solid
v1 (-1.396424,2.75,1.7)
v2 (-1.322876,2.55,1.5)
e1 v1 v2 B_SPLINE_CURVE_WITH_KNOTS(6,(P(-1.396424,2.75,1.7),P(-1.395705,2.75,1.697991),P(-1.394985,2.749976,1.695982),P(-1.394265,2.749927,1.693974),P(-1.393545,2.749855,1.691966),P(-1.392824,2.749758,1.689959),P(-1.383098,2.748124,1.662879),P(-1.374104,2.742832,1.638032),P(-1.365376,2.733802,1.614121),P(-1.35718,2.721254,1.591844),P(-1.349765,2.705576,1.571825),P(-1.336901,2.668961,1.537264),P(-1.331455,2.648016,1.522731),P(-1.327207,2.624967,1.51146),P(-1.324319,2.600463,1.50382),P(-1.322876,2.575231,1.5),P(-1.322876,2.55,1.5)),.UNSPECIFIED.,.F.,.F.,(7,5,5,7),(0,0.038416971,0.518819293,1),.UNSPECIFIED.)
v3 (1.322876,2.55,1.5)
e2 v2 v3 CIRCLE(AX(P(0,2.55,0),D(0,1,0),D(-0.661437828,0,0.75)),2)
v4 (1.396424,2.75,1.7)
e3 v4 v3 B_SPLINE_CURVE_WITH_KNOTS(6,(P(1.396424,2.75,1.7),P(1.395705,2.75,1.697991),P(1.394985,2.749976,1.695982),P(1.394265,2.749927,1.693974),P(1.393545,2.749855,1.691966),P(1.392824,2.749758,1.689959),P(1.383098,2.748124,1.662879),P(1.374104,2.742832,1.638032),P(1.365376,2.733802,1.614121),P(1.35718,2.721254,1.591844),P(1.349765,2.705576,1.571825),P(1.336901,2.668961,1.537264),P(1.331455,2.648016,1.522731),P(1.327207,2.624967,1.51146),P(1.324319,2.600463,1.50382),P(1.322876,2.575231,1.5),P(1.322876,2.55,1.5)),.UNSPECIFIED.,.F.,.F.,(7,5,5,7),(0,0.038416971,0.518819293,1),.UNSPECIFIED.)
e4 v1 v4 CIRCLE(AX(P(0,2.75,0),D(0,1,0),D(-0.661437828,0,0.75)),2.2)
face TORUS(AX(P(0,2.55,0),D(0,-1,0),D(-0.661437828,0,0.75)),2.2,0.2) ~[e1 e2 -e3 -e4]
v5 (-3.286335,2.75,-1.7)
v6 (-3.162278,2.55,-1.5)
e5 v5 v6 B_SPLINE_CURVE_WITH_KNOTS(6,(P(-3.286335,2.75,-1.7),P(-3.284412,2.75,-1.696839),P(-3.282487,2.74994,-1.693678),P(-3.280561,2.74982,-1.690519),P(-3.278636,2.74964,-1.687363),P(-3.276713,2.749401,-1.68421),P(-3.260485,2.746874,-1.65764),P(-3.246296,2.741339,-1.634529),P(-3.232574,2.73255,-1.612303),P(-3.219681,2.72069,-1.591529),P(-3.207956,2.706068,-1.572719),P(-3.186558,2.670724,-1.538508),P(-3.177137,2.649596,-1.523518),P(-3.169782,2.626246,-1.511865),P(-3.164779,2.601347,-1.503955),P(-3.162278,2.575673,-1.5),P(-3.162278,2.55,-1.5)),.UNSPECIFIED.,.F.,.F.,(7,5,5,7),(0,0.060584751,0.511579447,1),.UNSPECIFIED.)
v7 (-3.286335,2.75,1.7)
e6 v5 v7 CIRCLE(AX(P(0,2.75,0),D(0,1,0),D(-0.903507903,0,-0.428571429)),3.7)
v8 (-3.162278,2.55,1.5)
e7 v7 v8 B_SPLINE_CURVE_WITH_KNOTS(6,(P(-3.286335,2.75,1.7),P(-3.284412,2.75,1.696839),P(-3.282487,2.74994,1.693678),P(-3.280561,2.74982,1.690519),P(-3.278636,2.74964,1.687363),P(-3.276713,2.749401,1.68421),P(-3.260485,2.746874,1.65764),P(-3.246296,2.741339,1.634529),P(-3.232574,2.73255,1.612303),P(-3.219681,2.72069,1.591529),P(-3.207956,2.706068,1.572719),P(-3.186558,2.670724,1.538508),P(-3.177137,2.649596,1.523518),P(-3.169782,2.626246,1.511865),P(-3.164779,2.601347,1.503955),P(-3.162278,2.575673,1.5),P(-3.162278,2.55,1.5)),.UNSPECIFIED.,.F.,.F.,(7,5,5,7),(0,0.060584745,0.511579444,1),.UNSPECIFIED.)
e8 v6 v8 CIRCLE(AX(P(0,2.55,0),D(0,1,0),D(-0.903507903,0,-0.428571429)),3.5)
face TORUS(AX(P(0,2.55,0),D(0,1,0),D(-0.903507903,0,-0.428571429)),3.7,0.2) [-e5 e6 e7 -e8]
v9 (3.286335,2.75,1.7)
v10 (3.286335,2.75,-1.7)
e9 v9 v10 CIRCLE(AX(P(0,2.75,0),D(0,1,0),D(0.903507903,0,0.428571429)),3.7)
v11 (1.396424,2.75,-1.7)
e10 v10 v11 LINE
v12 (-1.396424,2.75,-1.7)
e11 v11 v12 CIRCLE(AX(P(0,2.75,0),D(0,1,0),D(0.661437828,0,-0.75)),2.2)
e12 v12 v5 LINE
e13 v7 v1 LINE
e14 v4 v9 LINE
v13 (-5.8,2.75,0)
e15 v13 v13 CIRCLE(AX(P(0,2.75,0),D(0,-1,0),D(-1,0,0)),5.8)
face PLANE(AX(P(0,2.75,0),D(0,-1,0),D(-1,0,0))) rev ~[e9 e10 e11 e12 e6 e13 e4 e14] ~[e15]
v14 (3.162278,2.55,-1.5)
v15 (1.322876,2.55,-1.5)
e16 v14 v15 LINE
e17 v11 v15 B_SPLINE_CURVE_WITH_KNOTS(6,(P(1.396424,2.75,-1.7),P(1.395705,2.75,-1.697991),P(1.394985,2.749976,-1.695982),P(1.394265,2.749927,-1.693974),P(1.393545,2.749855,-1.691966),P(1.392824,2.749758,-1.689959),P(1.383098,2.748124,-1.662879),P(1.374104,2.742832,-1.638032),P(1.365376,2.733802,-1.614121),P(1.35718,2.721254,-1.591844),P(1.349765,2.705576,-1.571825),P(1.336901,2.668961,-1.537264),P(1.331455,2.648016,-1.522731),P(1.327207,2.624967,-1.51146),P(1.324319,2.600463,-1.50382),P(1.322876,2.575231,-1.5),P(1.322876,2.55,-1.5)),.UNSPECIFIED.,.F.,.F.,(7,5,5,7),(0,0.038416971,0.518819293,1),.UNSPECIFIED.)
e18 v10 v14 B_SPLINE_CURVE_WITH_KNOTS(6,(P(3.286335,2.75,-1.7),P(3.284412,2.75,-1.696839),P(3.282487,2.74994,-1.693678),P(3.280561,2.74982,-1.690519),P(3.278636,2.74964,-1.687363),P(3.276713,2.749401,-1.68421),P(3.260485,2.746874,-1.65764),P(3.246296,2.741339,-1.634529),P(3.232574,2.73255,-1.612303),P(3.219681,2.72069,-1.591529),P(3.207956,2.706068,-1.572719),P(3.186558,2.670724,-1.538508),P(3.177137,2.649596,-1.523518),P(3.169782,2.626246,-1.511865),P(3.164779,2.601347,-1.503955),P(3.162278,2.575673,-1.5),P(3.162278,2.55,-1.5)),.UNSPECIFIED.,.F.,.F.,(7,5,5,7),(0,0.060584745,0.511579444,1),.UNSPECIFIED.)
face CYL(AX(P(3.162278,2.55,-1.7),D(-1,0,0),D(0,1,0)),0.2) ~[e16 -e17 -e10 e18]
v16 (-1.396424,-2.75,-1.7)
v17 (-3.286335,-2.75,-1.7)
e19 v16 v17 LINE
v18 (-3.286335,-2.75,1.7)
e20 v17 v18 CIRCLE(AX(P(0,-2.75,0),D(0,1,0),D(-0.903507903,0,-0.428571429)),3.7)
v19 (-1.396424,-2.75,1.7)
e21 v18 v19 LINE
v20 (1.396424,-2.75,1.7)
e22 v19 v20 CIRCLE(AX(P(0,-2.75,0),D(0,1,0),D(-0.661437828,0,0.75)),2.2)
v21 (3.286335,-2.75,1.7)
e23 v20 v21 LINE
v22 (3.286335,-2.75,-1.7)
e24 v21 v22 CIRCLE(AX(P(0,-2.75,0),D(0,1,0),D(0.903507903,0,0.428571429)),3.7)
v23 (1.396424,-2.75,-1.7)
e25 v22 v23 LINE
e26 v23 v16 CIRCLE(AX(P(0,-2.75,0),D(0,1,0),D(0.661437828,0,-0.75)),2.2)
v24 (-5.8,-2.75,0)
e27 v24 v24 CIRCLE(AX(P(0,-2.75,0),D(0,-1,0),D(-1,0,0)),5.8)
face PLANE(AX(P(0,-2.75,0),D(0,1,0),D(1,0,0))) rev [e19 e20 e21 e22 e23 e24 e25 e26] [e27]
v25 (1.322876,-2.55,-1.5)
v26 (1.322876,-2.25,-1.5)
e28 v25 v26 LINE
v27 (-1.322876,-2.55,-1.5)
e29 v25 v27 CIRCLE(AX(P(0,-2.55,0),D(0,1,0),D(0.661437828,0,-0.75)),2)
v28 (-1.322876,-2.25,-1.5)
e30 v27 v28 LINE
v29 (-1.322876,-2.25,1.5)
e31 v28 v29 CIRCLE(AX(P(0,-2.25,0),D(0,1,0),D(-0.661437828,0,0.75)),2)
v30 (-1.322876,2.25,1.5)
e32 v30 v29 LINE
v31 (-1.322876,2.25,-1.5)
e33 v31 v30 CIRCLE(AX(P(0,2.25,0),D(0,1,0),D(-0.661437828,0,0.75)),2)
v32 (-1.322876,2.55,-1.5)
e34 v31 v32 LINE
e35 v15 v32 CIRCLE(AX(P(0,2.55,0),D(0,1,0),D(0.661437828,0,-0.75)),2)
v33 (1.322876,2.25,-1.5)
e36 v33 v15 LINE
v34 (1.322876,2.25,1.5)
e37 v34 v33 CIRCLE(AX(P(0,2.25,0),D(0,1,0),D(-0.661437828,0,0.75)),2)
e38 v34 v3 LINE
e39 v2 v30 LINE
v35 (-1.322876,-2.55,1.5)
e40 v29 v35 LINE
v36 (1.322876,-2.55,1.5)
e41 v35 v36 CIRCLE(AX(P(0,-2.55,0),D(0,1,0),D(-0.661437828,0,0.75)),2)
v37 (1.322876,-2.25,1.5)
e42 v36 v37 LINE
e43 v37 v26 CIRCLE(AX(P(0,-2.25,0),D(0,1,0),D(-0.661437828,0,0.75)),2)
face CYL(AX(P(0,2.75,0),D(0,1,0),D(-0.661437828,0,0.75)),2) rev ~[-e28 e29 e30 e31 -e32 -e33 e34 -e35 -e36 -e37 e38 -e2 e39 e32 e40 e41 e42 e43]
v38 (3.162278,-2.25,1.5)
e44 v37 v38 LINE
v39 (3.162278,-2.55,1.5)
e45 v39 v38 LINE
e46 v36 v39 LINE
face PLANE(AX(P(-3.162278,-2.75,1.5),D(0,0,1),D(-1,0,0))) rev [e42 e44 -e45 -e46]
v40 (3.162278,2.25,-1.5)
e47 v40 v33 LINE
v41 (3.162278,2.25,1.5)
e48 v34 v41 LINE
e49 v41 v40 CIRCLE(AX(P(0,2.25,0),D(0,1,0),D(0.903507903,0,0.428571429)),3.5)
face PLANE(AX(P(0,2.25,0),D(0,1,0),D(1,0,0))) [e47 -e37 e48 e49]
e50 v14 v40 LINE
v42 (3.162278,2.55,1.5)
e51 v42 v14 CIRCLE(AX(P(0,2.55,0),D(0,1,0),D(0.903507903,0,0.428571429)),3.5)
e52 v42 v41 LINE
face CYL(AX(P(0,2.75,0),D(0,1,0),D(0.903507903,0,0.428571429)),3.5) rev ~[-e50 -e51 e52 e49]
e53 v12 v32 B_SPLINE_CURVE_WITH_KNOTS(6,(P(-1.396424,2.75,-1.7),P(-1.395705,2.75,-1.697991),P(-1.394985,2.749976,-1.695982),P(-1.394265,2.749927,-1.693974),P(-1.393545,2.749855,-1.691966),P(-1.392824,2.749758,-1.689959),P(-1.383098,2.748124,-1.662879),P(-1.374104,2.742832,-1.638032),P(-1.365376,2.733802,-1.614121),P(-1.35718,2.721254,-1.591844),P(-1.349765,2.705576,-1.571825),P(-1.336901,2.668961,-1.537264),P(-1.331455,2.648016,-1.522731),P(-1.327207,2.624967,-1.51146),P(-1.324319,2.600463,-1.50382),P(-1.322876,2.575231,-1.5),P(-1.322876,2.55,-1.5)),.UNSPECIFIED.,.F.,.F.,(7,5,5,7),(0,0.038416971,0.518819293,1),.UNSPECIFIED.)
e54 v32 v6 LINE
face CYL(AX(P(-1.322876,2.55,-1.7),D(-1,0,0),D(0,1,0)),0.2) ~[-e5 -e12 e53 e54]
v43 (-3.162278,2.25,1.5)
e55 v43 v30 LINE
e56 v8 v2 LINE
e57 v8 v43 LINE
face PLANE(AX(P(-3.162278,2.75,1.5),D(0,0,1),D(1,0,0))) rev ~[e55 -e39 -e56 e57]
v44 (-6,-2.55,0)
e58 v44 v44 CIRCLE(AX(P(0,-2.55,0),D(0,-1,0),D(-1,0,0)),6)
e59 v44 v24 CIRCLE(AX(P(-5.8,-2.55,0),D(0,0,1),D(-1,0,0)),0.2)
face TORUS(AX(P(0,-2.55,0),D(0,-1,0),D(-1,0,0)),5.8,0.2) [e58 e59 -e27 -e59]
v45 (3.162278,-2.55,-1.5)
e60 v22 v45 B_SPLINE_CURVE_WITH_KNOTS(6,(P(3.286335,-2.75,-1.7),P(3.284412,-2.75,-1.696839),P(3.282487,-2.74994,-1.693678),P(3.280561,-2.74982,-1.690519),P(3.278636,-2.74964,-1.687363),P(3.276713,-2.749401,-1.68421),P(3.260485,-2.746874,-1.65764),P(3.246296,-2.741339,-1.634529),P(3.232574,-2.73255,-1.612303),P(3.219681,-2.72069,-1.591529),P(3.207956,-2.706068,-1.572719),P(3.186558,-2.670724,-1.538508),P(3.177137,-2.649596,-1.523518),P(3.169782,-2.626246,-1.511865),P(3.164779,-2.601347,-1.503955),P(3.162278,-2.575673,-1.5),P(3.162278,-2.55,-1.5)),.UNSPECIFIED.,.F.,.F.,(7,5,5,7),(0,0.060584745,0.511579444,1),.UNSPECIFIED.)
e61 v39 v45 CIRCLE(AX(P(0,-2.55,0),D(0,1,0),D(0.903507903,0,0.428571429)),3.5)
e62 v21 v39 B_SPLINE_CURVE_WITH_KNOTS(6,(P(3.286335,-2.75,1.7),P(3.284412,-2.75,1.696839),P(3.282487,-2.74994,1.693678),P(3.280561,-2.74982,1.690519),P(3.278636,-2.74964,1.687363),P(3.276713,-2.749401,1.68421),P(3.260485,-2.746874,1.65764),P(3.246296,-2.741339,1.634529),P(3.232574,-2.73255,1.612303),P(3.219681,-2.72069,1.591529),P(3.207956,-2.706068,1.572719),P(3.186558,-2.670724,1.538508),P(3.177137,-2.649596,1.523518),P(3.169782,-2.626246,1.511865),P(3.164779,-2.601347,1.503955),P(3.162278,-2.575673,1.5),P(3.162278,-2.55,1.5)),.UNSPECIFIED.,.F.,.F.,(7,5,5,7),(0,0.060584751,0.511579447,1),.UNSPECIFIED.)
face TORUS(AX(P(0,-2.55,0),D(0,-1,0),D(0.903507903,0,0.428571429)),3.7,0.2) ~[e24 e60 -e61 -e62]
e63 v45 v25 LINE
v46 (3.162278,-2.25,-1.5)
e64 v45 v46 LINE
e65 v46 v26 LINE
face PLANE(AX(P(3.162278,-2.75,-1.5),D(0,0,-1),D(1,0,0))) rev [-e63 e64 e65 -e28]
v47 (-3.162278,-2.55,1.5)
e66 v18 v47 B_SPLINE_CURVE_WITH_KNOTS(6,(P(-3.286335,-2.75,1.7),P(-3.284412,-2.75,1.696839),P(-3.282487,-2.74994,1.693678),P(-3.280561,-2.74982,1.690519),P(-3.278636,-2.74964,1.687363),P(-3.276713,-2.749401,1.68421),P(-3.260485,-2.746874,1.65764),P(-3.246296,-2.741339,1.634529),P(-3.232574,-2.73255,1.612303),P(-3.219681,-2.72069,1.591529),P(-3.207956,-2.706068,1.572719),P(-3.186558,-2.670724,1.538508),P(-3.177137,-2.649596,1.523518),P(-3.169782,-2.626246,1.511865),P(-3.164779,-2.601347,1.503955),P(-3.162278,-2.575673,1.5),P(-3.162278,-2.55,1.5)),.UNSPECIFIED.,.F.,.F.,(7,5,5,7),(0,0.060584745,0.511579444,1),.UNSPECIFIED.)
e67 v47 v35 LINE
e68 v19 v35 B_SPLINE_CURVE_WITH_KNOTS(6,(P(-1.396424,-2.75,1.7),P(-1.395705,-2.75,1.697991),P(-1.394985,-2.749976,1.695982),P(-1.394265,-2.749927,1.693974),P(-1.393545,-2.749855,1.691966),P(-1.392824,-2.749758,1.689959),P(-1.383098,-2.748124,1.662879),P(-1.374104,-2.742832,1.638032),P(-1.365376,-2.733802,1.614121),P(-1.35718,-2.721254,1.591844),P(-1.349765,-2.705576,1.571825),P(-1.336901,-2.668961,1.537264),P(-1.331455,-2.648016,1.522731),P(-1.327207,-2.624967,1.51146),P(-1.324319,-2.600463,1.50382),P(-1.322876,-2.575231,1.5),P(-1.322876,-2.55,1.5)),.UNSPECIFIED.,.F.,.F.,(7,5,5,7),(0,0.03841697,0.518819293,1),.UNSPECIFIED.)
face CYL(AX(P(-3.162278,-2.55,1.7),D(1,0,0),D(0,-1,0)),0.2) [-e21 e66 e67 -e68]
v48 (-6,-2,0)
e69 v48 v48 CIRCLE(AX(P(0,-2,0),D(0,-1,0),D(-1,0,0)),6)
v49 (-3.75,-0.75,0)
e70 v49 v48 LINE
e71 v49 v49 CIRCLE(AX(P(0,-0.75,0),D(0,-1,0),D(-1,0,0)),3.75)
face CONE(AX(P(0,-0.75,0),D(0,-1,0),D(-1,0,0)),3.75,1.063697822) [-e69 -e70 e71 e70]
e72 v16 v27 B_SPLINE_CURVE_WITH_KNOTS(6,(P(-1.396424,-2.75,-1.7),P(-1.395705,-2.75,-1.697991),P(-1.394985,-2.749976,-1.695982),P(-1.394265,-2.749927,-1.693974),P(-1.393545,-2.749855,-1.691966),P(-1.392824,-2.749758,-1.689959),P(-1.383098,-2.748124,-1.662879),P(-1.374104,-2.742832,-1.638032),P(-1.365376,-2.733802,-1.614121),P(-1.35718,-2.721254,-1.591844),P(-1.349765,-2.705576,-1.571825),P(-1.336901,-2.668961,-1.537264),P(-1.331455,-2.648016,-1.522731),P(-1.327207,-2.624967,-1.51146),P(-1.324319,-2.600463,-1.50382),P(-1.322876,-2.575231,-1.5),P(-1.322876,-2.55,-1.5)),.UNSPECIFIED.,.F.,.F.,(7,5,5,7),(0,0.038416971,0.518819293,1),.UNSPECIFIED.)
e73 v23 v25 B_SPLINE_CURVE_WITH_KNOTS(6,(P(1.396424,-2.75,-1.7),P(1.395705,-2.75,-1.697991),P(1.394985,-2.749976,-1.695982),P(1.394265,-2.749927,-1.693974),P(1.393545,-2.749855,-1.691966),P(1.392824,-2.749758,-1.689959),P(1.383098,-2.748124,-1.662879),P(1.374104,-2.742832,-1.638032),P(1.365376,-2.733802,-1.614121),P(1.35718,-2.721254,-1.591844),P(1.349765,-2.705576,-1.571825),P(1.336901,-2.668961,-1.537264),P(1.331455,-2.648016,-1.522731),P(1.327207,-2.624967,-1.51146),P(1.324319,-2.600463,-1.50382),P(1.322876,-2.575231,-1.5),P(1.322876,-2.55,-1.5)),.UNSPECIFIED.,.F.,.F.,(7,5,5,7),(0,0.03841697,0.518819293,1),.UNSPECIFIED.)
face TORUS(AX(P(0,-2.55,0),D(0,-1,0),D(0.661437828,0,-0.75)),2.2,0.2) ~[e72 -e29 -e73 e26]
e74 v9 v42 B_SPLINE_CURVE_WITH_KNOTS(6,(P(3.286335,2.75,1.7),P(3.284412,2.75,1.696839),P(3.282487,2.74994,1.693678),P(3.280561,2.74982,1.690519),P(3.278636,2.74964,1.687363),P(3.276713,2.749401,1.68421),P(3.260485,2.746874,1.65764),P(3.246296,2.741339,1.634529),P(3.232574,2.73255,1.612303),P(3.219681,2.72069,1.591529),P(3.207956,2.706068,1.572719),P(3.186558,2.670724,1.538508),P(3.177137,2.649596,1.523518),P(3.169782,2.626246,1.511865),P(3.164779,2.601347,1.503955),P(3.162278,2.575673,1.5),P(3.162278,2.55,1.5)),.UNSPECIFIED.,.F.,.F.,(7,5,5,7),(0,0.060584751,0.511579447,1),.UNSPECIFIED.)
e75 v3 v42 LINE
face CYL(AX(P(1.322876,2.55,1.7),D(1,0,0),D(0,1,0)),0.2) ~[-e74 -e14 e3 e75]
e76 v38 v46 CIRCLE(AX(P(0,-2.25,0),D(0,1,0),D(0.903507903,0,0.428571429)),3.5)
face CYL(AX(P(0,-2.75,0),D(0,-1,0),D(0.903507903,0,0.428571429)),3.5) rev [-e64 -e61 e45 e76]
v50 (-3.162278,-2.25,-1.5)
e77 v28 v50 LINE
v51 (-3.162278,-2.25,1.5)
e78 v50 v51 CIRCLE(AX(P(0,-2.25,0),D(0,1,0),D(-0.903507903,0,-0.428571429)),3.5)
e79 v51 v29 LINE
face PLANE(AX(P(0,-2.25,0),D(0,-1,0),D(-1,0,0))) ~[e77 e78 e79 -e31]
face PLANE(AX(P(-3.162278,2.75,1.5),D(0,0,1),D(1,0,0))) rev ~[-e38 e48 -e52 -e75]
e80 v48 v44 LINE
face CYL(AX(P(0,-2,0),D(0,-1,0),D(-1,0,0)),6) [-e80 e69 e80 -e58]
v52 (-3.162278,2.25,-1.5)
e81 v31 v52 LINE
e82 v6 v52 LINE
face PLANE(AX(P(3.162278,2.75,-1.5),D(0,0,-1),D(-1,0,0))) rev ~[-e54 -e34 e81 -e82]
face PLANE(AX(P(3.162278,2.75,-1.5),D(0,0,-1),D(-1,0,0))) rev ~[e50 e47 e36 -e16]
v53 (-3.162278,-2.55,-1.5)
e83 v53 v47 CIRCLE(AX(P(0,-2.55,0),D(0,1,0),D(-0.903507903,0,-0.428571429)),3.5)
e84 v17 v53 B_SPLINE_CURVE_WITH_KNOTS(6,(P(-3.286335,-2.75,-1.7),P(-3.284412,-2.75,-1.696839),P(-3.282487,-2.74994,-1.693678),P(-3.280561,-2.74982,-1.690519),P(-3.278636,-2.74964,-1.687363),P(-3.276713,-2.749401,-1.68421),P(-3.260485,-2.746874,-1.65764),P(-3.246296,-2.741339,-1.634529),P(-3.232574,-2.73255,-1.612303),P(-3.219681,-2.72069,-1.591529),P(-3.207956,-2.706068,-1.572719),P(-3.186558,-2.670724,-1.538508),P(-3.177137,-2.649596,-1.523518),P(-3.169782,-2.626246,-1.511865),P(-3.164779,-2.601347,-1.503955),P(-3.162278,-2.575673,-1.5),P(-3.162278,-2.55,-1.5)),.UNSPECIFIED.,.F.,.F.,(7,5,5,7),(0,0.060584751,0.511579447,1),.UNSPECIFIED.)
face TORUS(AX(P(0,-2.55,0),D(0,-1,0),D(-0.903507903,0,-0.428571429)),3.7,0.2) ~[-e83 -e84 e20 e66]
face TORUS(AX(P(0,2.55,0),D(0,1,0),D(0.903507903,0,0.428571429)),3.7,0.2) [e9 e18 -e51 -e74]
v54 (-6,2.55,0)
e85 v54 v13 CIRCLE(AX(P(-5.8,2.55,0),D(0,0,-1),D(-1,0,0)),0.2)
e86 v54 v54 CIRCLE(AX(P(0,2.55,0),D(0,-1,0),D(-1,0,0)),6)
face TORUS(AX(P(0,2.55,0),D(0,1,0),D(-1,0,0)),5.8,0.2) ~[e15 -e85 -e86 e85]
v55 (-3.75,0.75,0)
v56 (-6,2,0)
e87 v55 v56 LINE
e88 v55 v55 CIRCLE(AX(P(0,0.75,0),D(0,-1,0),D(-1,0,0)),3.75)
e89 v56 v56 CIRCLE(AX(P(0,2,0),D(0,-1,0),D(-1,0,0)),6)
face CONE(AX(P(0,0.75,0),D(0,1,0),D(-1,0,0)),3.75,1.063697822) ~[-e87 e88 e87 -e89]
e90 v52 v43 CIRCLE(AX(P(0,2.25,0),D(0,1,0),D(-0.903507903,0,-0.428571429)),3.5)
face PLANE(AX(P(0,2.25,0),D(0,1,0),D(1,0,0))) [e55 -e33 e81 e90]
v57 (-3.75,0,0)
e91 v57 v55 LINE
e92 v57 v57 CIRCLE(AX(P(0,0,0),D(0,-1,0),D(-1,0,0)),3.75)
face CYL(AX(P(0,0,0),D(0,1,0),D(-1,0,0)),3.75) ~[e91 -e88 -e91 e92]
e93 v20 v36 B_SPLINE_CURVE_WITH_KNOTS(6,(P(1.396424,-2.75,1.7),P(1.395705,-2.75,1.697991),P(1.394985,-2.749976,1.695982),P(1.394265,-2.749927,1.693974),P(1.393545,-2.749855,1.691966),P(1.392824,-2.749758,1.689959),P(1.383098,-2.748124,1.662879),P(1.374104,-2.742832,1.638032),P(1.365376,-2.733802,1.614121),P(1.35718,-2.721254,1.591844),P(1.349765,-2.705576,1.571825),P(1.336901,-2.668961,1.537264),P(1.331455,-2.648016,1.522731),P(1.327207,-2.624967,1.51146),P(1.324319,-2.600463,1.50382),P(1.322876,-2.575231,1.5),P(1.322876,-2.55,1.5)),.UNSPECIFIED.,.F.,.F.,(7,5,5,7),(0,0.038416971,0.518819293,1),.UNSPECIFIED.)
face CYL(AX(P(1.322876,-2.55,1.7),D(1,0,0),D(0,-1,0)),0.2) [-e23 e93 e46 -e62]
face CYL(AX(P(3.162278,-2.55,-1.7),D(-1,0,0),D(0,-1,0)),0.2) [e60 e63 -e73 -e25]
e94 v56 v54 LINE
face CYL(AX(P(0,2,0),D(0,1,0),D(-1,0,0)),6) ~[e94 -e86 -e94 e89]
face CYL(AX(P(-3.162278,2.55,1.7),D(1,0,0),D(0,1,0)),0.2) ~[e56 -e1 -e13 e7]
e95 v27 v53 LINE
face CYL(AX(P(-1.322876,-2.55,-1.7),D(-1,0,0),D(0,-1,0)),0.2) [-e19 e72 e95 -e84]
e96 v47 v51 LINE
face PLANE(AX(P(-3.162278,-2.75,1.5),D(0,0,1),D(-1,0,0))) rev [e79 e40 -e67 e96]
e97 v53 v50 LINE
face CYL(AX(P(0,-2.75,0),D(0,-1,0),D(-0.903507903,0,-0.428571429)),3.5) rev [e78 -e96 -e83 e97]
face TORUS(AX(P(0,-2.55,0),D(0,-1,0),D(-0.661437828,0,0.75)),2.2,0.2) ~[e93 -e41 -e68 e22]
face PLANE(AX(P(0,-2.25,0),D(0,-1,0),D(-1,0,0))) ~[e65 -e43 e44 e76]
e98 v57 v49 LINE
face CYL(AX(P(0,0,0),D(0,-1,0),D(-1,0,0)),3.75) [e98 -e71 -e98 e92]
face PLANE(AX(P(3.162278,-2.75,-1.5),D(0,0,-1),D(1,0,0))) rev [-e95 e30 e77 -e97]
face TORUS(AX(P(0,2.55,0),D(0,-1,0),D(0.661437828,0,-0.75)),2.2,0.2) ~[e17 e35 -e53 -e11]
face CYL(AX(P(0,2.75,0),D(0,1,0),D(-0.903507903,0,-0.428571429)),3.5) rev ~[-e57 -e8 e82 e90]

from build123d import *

# Parameters (mm, degrees)
CUT_EXTRUDE_1_DEPTH = 0.5
SKETCH_3_R          = 2
CUT_EXTRUDE_2_DEPTH = 11.111874208
FILLET_1_R          = 0.2


with BuildPart() as part:
    # 草图1 → 旋转1 (revolve)
    with BuildSketch(Plane.XY, mode=Mode.PRIVATE) as revolve_1_sk:
        Polygon((0, 0), (3.75, 0), (3.75, 0.75), (6, 2), (6, 2.75), (0, 2.75), align=None)
    revolve_1 = revolve(revolve_1_sk.sketch.rotate(Axis((0, 2.75, 0), (0, -1, 0)), 180), axis=Axis((0, 2.75, 0), (0, -1, 0)))

    # 镜向1: 旋转1 across plane
    add(revolve_1.mirror(Plane.ZX))

    # 草图2 → 切除-拉伸1 (cut)
    with BuildSketch(Plane(origin=(0, 2.75, 0), x_dir=(1, 0, 0), z_dir=(0, 1, 0))):
        with BuildLine():
            Line((3.16227766, 1.5), (-3.16227766, 1.5))
            ThreePointArc((-3.16227766, 1.5), (-3.5, 0), (-3.16227766, -1.5))
            Line((-3.16227766, -1.5), (3.16227766, -1.5))
            ThreePointArc((3.16227766, -1.5), (3.5, 0), (3.16227766, 1.5))
        make_face()
    cut_extrude_1 = extrude(amount=-CUT_EXTRUDE_1_DEPTH, mode=Mode.SUBTRACT)

    # 镜向2: 切除-拉伸1 across plane
    add(cut_extrude_1.mirror(Plane.ZX), mode=Mode.SUBTRACT)

    # 草图3 → 切除-拉伸2 (cut, through all)
    with BuildSketch(Plane(origin=(0, 2.75, 0), x_dir=(1, 0, 0), z_dir=(0, 1, 0))):
        with Locations(Location((0, 0, 0), (0, 0, 228.590377891))):
            Circle(SKETCH_3_R)
    extrude(amount=-CUT_EXTRUDE_2_DEPTH, mode=Mode.SUBTRACT)

    # 圆角1
    fillet_1_edges = [part.edges().sort_by_distance(p)[0] for p in [
        (6, -2.75, 0),
        (3.5, 2.75, 0),
        (2.242576658, 2.75, -1.5),
        (-3.5, 2.75, 0),
        (-2.242576658, 2.75, 1.5),
        (3.5, -2.75, 0),
        (2.242576658, -2.75, -1.5),
        (-3.5, -2.75, 0),
        (-2.242576658, -2.75, 1.5),
        (2.242576658, -2.75, 1.5),
        (-2.242576658, -2.75, -1.5),
        (6, 2.75, 0),
        (-2.242576658, 2.75, -1.5),
        (2.242576658, 2.75, 1.5),
        (0, 2.75, 2),
        (0, 2.75, -2),
        (0, -2.75, 2),
        (0, -2.75, -2),
    ]]
    fillet(fillet_1_edges, radius=FILLET_1_R)


solid = part.part
